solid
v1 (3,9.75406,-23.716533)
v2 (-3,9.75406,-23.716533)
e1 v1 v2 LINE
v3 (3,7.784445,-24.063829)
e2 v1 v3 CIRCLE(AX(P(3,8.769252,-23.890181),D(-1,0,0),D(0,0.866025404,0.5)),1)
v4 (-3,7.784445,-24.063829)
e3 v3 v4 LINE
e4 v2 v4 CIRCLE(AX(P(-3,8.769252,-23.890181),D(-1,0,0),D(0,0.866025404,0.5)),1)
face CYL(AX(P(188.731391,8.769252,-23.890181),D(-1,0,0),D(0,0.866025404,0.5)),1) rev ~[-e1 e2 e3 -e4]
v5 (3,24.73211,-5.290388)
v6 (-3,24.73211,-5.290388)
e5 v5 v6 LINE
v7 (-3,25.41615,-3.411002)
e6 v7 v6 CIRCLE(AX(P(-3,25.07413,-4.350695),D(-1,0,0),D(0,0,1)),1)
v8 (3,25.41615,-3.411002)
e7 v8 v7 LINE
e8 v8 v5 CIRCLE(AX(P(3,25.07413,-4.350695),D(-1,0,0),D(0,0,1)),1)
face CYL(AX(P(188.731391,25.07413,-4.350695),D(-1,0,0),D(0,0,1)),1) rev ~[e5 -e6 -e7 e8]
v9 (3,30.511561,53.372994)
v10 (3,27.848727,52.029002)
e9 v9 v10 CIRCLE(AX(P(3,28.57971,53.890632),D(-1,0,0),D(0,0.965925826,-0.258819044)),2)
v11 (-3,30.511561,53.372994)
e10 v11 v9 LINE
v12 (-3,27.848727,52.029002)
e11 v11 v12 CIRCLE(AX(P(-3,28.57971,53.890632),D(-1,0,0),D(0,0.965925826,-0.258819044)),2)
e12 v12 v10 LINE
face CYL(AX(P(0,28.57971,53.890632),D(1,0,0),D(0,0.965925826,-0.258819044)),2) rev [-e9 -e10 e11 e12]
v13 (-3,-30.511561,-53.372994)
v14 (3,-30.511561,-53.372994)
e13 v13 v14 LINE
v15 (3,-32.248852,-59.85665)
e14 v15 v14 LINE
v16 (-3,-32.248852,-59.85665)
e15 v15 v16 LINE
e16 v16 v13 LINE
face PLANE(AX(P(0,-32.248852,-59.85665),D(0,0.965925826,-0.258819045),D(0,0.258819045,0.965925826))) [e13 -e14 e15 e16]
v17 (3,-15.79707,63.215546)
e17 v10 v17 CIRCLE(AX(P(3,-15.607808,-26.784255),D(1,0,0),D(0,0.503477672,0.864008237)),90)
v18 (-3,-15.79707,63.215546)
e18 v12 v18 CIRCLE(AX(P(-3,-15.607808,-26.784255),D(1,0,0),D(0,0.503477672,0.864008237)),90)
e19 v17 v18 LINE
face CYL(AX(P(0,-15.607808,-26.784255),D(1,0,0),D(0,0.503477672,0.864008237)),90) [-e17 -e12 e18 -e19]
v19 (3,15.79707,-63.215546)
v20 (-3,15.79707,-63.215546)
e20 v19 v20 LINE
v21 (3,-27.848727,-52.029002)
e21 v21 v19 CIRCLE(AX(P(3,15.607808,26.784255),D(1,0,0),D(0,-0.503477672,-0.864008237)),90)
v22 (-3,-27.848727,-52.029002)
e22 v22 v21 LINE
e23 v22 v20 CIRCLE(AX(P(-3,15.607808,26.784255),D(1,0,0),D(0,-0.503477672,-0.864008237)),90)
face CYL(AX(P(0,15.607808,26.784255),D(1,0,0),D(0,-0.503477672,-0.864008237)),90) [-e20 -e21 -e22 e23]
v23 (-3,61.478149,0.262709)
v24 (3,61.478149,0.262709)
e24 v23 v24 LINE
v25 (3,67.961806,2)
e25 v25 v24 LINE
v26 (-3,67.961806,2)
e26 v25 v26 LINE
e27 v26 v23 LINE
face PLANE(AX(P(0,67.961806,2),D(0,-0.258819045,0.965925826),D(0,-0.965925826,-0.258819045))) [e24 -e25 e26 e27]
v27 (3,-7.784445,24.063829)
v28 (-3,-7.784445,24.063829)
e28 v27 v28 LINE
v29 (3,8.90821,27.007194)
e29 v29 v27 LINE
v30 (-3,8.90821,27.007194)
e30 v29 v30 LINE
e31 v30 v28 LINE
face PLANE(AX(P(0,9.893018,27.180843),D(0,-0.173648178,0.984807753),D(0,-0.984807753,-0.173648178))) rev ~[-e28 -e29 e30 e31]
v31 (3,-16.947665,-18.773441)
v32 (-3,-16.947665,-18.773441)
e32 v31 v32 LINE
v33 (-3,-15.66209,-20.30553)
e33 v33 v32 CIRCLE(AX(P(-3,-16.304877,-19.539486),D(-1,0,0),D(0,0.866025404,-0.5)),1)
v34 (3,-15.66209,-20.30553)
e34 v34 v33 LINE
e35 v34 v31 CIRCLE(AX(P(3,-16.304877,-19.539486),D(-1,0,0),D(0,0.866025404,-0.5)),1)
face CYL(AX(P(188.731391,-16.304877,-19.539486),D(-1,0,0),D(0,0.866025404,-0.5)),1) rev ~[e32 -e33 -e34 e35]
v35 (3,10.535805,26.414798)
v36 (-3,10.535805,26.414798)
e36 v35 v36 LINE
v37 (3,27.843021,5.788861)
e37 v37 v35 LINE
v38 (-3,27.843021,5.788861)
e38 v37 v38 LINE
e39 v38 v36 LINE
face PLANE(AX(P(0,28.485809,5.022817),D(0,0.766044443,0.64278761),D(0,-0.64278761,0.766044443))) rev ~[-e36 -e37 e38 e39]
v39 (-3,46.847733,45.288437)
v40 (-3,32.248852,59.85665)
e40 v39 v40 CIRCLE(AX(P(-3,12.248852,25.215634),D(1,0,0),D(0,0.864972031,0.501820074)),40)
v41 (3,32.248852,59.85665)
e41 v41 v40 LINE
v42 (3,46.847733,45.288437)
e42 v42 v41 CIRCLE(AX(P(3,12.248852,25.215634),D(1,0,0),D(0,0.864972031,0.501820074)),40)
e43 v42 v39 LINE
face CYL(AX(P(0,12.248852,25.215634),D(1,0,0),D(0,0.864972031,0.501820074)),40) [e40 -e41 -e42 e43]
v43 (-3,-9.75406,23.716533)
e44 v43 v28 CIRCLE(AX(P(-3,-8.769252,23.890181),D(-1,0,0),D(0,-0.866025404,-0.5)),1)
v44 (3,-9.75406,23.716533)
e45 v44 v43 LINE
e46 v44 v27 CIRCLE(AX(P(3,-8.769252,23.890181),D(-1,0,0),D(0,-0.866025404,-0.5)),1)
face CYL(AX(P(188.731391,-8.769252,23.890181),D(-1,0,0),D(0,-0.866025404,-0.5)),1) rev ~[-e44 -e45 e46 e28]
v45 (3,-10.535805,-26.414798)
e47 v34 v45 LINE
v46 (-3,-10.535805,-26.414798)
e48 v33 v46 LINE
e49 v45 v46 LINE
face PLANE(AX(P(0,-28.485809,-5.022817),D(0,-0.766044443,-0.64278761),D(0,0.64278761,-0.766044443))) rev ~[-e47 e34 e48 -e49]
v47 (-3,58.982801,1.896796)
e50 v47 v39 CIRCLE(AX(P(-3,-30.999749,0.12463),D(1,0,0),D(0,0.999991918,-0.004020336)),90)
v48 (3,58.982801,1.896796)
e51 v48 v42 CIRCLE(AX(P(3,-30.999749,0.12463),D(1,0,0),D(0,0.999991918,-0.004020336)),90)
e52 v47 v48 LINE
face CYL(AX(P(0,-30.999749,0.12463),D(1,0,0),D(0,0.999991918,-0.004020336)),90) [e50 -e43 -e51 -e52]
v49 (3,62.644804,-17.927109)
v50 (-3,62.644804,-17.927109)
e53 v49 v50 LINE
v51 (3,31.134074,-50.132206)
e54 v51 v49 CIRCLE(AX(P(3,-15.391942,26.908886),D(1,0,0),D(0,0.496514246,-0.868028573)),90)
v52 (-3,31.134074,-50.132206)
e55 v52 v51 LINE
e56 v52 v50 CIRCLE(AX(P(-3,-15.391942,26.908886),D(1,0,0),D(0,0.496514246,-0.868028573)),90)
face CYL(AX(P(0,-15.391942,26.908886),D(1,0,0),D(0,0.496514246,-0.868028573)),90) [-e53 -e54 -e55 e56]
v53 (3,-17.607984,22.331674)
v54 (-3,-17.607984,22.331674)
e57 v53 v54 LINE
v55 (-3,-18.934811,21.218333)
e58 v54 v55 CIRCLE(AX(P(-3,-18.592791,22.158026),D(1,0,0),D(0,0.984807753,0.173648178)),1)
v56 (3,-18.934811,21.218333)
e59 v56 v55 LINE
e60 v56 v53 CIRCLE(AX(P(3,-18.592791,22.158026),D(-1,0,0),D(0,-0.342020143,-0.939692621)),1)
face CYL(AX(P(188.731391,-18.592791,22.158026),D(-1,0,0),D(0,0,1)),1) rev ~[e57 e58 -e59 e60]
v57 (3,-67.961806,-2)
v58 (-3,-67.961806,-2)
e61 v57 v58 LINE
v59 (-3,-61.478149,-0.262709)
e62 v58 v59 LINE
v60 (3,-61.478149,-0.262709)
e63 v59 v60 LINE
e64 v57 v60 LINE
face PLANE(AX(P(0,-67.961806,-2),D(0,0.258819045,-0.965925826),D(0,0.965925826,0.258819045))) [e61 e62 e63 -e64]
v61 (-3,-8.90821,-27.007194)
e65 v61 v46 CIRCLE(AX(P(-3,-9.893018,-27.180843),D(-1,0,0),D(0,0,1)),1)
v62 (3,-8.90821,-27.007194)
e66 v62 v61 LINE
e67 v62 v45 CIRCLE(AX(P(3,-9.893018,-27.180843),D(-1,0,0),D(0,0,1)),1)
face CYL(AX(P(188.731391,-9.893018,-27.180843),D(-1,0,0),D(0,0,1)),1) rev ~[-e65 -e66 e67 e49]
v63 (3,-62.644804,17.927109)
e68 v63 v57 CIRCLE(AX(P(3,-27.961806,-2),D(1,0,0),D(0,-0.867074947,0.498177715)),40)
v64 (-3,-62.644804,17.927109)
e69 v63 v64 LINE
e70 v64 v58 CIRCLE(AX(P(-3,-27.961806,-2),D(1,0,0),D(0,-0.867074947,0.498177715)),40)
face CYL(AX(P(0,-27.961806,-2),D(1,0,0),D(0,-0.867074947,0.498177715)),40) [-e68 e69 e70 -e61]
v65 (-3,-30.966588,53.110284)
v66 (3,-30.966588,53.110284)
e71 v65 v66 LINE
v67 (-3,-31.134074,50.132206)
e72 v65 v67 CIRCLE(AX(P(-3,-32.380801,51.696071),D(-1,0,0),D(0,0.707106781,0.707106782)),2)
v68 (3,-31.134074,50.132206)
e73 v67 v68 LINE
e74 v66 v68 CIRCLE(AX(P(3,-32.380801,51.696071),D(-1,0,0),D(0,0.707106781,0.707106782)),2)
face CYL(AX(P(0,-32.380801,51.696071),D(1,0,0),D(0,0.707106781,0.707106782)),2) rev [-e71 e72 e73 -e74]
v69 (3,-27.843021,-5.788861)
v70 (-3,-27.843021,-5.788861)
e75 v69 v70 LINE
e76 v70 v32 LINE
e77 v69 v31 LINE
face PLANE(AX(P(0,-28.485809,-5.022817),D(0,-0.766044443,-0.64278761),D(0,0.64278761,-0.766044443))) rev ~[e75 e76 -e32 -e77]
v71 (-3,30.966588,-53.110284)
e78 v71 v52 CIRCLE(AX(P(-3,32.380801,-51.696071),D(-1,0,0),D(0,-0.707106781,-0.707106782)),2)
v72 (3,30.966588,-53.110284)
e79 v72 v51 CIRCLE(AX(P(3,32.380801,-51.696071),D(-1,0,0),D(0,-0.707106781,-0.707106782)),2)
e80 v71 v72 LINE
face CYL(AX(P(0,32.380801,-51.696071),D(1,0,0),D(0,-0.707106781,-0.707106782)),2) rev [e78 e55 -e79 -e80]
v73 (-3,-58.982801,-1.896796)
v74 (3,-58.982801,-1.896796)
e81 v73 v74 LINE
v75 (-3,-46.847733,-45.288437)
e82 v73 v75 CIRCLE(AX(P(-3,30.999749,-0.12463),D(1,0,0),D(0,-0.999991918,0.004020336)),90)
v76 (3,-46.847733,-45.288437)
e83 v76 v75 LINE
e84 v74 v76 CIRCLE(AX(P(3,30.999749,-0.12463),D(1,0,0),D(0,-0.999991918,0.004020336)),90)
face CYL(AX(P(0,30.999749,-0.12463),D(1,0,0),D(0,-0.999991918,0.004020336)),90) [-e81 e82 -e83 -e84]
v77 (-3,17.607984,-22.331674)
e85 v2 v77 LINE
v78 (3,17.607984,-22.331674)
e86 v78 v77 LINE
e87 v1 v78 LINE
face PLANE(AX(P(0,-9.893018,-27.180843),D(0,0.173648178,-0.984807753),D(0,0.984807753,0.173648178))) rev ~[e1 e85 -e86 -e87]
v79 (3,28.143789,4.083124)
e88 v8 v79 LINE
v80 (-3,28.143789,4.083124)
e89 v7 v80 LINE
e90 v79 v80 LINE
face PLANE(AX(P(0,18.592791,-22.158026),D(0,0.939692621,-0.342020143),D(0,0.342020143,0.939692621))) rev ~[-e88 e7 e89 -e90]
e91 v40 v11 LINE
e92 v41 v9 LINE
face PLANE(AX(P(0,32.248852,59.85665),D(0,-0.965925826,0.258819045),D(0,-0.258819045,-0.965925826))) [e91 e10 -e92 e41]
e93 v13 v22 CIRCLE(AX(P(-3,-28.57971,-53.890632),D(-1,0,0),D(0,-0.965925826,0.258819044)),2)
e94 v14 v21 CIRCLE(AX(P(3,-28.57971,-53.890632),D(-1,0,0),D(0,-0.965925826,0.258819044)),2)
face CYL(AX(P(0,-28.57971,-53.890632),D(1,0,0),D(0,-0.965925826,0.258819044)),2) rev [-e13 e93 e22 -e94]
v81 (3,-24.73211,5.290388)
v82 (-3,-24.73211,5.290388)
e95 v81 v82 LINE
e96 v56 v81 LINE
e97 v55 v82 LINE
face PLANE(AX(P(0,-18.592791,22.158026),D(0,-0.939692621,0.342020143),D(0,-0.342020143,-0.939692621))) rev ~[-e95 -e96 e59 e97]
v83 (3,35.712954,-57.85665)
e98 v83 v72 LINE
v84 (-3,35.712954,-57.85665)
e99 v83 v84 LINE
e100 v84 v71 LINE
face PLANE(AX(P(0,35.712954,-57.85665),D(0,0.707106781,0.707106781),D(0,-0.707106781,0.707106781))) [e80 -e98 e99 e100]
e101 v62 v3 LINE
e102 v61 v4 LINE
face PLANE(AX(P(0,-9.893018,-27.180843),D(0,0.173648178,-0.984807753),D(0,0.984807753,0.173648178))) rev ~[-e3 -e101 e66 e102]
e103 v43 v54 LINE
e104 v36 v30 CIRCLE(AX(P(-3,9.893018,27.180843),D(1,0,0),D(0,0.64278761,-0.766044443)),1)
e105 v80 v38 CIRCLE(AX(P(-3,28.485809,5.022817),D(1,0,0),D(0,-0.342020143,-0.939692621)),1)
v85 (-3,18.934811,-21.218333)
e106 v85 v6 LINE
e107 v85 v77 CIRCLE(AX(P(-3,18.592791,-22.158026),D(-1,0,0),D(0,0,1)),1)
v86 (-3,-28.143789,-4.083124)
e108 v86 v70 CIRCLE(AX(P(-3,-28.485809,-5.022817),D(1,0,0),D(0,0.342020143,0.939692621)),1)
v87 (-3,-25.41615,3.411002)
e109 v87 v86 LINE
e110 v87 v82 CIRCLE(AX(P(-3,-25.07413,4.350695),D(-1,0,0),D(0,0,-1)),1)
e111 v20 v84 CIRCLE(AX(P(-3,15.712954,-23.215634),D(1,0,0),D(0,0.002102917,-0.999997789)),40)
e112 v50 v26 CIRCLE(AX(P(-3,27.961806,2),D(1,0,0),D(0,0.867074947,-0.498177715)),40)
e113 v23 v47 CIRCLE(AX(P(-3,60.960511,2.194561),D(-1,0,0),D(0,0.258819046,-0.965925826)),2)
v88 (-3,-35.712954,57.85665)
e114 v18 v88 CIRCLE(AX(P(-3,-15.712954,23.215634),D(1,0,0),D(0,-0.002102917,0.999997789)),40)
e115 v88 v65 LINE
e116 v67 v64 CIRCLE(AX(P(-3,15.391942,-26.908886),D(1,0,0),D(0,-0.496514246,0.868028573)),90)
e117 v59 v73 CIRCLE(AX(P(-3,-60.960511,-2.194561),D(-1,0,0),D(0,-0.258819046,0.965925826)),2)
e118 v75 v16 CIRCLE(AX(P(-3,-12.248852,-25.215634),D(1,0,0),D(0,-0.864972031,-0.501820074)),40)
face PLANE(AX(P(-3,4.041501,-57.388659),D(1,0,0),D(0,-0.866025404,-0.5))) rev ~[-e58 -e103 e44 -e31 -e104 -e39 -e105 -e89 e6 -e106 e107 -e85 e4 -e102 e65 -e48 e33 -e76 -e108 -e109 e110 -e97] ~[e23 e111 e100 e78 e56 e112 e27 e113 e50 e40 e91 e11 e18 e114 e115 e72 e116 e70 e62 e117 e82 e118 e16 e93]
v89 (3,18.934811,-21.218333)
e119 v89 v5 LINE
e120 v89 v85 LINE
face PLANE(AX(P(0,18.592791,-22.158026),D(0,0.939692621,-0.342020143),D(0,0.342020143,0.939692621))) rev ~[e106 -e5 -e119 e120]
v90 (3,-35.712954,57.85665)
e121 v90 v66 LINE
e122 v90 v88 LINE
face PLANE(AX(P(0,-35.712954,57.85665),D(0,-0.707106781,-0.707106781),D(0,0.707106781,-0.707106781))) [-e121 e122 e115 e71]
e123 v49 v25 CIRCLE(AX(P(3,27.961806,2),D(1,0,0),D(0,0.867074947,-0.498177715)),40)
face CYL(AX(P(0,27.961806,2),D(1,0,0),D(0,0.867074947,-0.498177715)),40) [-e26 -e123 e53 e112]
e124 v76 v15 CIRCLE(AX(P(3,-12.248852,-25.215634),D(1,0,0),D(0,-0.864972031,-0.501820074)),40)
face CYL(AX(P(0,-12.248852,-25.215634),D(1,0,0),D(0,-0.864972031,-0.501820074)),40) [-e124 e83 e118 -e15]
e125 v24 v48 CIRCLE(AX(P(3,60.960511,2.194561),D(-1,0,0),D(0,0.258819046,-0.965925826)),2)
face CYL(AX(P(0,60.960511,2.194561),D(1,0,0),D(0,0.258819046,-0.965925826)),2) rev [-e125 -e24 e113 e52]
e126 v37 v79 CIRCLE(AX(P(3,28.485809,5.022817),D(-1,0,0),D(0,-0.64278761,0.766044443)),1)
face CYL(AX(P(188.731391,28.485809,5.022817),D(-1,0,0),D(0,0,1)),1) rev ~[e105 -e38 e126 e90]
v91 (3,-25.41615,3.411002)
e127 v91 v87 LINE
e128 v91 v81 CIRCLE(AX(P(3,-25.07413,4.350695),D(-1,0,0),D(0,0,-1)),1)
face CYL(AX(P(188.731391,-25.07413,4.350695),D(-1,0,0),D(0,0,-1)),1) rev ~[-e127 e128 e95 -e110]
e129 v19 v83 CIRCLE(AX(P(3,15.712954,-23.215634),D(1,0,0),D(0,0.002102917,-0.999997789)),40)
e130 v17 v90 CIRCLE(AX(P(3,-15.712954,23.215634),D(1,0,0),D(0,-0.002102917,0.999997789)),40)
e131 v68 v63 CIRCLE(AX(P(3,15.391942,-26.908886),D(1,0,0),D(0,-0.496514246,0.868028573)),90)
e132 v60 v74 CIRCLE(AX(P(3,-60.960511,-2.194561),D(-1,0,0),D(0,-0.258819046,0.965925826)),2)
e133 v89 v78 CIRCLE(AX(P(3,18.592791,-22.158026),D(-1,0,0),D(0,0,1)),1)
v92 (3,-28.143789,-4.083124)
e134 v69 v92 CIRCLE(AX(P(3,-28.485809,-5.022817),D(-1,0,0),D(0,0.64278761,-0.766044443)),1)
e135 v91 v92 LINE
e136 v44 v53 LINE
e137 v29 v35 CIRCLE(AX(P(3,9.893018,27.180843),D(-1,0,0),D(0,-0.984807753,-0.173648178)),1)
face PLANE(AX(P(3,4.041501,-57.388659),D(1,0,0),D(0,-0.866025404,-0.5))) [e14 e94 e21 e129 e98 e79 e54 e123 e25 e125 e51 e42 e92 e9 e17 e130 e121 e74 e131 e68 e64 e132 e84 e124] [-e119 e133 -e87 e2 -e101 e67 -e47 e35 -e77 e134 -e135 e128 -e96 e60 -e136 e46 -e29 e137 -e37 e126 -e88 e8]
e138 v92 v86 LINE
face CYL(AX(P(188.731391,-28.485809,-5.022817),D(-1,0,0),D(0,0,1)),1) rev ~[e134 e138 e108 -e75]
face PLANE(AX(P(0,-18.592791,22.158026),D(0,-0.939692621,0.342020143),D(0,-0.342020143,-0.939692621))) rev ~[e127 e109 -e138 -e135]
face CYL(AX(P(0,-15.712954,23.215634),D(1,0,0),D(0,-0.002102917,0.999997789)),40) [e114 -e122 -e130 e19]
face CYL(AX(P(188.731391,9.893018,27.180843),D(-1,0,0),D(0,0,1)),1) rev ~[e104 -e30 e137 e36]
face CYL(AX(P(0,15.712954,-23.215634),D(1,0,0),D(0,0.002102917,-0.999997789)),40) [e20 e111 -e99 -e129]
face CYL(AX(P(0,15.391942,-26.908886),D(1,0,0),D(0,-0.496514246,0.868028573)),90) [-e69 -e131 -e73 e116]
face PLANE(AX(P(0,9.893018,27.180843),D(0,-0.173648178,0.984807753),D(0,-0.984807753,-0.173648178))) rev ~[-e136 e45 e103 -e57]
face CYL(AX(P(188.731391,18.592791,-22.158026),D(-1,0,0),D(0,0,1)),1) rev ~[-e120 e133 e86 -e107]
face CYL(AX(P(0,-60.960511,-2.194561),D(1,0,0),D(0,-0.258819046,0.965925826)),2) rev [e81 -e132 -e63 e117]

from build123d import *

# Parameters (mm, degrees)
SKETCH1_R                = 59
EXTRUDE1_DEPTH           = 3
EXTRUDE2_DEPTH           = 3
CIRPATTERN1_COUNT        = 6
F_2_0_2_DIAMETER_HOLE1_D = 2
F_2_0_2_DIAMETER_HOLE3_D = 2
CIRPATTERN2_COUNT        = 5
CIRPATTERN2_ANGLE        = 240


with BuildPart() as part:
    # Sketch1 → Extrude1 (new, symmetric)
    with BuildSketch(Plane(origin=(0, 0, 0), x_dir=(0, 0, -1), z_dir=(1, 0, 0))):
        Circle(SKETCH1_R)
        Polygon((22.158025869, 18.592791334), (-5.022816688, 28.485808967), (-27.180842557, 9.893017633), (-22.158025869, -18.592791334), (5.022816688, -28.485808967), (27.180842557, -9.893017633), align=None, mode=Mode.SUBTRACT)
    extrude(amount=EXTRUDE1_DEPTH, both=True)

    # Sketch2 → Extrude2 (add, symmetric)
    with BuildSketch(Plane(origin=(0, 0, 0), x_dir=(0, 0, -1), z_dir=(1, 0, 0))):
        with BuildLine():
            Line((-2, 67.961805723), (-0.262709442, 61.478149092))
            ThreePointArc((-0.262709442, 61.478149092), (-0.58620663, 59.77173183), (-2.122608272, 58.961805723))
            ThreePointArc((-2.122608272, 58.961805723), (28.679663449, 51.560419941), (51.21368579, 29.294340542))
            ThreePointArc((51.21368579, 29.294340542), (36.791707484, 48.186627241), (17.927108603, 62.644803614))
            ThreePointArc((17.927108603, 62.644803614), (8.312130826, 66.609702921), (-2, 67.961805723))
        make_face()
    extrude2 = extrude(amount=EXTRUDE2_DEPTH, both=True)

    # CirPattern1: Extrude2 ×6 about axis
    cirpattern1_axis = Axis((0, 0, 0), (1, 0, 0))
    for i in range(1, CIRPATTERN1_COUNT):
        add(extrude2.rotate(cirpattern1_axis, i * 360 / CIRPATTERN1_COUNT))

    # Ø2.0 (2) Diameter Hole1 (through all)
    with Locations(Plane(origin=(3, 0, 0), x_dir=(0, 0, -1), z_dir=(1, 0, 0))):
        with Locations((-5.022816688, 28.485808967), (22.158025869, 18.592791334), (27.180842557, -9.893017633), (5.022816688, -28.485808967), (-22.158025869, -18.592791334), (-27.180842557, 9.893017633)):
            Hole(F_2_0_2_DIAMETER_HOLE1_D / 2)

    # Ø2.0 (2) Diameter Hole3 (through all)
    with Locations(Plane(origin=(3, 0, 0), x_dir=(0, 0, -1), z_dir=(1, 0, 0))):
        with Locations((4.350695038, 25.074129708)):
            f_2_0_2_diameter_hole3 = Hole(F_2_0_2_DIAMETER_HOLE3_D / 2)

    # CirPattern2: Ø2.0 (2) Diameter Hole3 ×5 about axis
    cirpattern2_axis = Axis((0, 0, 0), (-1, 0, 0))
    for i in range(1, CIRPATTERN2_COUNT):
        add(f_2_0_2_diameter_hole3.rotate(cirpattern2_axis, i * CIRPATTERN2_ANGLE / (CIRPATTERN2_COUNT - 1)), mode=Mode.SUBTRACT)


solid = part.part
